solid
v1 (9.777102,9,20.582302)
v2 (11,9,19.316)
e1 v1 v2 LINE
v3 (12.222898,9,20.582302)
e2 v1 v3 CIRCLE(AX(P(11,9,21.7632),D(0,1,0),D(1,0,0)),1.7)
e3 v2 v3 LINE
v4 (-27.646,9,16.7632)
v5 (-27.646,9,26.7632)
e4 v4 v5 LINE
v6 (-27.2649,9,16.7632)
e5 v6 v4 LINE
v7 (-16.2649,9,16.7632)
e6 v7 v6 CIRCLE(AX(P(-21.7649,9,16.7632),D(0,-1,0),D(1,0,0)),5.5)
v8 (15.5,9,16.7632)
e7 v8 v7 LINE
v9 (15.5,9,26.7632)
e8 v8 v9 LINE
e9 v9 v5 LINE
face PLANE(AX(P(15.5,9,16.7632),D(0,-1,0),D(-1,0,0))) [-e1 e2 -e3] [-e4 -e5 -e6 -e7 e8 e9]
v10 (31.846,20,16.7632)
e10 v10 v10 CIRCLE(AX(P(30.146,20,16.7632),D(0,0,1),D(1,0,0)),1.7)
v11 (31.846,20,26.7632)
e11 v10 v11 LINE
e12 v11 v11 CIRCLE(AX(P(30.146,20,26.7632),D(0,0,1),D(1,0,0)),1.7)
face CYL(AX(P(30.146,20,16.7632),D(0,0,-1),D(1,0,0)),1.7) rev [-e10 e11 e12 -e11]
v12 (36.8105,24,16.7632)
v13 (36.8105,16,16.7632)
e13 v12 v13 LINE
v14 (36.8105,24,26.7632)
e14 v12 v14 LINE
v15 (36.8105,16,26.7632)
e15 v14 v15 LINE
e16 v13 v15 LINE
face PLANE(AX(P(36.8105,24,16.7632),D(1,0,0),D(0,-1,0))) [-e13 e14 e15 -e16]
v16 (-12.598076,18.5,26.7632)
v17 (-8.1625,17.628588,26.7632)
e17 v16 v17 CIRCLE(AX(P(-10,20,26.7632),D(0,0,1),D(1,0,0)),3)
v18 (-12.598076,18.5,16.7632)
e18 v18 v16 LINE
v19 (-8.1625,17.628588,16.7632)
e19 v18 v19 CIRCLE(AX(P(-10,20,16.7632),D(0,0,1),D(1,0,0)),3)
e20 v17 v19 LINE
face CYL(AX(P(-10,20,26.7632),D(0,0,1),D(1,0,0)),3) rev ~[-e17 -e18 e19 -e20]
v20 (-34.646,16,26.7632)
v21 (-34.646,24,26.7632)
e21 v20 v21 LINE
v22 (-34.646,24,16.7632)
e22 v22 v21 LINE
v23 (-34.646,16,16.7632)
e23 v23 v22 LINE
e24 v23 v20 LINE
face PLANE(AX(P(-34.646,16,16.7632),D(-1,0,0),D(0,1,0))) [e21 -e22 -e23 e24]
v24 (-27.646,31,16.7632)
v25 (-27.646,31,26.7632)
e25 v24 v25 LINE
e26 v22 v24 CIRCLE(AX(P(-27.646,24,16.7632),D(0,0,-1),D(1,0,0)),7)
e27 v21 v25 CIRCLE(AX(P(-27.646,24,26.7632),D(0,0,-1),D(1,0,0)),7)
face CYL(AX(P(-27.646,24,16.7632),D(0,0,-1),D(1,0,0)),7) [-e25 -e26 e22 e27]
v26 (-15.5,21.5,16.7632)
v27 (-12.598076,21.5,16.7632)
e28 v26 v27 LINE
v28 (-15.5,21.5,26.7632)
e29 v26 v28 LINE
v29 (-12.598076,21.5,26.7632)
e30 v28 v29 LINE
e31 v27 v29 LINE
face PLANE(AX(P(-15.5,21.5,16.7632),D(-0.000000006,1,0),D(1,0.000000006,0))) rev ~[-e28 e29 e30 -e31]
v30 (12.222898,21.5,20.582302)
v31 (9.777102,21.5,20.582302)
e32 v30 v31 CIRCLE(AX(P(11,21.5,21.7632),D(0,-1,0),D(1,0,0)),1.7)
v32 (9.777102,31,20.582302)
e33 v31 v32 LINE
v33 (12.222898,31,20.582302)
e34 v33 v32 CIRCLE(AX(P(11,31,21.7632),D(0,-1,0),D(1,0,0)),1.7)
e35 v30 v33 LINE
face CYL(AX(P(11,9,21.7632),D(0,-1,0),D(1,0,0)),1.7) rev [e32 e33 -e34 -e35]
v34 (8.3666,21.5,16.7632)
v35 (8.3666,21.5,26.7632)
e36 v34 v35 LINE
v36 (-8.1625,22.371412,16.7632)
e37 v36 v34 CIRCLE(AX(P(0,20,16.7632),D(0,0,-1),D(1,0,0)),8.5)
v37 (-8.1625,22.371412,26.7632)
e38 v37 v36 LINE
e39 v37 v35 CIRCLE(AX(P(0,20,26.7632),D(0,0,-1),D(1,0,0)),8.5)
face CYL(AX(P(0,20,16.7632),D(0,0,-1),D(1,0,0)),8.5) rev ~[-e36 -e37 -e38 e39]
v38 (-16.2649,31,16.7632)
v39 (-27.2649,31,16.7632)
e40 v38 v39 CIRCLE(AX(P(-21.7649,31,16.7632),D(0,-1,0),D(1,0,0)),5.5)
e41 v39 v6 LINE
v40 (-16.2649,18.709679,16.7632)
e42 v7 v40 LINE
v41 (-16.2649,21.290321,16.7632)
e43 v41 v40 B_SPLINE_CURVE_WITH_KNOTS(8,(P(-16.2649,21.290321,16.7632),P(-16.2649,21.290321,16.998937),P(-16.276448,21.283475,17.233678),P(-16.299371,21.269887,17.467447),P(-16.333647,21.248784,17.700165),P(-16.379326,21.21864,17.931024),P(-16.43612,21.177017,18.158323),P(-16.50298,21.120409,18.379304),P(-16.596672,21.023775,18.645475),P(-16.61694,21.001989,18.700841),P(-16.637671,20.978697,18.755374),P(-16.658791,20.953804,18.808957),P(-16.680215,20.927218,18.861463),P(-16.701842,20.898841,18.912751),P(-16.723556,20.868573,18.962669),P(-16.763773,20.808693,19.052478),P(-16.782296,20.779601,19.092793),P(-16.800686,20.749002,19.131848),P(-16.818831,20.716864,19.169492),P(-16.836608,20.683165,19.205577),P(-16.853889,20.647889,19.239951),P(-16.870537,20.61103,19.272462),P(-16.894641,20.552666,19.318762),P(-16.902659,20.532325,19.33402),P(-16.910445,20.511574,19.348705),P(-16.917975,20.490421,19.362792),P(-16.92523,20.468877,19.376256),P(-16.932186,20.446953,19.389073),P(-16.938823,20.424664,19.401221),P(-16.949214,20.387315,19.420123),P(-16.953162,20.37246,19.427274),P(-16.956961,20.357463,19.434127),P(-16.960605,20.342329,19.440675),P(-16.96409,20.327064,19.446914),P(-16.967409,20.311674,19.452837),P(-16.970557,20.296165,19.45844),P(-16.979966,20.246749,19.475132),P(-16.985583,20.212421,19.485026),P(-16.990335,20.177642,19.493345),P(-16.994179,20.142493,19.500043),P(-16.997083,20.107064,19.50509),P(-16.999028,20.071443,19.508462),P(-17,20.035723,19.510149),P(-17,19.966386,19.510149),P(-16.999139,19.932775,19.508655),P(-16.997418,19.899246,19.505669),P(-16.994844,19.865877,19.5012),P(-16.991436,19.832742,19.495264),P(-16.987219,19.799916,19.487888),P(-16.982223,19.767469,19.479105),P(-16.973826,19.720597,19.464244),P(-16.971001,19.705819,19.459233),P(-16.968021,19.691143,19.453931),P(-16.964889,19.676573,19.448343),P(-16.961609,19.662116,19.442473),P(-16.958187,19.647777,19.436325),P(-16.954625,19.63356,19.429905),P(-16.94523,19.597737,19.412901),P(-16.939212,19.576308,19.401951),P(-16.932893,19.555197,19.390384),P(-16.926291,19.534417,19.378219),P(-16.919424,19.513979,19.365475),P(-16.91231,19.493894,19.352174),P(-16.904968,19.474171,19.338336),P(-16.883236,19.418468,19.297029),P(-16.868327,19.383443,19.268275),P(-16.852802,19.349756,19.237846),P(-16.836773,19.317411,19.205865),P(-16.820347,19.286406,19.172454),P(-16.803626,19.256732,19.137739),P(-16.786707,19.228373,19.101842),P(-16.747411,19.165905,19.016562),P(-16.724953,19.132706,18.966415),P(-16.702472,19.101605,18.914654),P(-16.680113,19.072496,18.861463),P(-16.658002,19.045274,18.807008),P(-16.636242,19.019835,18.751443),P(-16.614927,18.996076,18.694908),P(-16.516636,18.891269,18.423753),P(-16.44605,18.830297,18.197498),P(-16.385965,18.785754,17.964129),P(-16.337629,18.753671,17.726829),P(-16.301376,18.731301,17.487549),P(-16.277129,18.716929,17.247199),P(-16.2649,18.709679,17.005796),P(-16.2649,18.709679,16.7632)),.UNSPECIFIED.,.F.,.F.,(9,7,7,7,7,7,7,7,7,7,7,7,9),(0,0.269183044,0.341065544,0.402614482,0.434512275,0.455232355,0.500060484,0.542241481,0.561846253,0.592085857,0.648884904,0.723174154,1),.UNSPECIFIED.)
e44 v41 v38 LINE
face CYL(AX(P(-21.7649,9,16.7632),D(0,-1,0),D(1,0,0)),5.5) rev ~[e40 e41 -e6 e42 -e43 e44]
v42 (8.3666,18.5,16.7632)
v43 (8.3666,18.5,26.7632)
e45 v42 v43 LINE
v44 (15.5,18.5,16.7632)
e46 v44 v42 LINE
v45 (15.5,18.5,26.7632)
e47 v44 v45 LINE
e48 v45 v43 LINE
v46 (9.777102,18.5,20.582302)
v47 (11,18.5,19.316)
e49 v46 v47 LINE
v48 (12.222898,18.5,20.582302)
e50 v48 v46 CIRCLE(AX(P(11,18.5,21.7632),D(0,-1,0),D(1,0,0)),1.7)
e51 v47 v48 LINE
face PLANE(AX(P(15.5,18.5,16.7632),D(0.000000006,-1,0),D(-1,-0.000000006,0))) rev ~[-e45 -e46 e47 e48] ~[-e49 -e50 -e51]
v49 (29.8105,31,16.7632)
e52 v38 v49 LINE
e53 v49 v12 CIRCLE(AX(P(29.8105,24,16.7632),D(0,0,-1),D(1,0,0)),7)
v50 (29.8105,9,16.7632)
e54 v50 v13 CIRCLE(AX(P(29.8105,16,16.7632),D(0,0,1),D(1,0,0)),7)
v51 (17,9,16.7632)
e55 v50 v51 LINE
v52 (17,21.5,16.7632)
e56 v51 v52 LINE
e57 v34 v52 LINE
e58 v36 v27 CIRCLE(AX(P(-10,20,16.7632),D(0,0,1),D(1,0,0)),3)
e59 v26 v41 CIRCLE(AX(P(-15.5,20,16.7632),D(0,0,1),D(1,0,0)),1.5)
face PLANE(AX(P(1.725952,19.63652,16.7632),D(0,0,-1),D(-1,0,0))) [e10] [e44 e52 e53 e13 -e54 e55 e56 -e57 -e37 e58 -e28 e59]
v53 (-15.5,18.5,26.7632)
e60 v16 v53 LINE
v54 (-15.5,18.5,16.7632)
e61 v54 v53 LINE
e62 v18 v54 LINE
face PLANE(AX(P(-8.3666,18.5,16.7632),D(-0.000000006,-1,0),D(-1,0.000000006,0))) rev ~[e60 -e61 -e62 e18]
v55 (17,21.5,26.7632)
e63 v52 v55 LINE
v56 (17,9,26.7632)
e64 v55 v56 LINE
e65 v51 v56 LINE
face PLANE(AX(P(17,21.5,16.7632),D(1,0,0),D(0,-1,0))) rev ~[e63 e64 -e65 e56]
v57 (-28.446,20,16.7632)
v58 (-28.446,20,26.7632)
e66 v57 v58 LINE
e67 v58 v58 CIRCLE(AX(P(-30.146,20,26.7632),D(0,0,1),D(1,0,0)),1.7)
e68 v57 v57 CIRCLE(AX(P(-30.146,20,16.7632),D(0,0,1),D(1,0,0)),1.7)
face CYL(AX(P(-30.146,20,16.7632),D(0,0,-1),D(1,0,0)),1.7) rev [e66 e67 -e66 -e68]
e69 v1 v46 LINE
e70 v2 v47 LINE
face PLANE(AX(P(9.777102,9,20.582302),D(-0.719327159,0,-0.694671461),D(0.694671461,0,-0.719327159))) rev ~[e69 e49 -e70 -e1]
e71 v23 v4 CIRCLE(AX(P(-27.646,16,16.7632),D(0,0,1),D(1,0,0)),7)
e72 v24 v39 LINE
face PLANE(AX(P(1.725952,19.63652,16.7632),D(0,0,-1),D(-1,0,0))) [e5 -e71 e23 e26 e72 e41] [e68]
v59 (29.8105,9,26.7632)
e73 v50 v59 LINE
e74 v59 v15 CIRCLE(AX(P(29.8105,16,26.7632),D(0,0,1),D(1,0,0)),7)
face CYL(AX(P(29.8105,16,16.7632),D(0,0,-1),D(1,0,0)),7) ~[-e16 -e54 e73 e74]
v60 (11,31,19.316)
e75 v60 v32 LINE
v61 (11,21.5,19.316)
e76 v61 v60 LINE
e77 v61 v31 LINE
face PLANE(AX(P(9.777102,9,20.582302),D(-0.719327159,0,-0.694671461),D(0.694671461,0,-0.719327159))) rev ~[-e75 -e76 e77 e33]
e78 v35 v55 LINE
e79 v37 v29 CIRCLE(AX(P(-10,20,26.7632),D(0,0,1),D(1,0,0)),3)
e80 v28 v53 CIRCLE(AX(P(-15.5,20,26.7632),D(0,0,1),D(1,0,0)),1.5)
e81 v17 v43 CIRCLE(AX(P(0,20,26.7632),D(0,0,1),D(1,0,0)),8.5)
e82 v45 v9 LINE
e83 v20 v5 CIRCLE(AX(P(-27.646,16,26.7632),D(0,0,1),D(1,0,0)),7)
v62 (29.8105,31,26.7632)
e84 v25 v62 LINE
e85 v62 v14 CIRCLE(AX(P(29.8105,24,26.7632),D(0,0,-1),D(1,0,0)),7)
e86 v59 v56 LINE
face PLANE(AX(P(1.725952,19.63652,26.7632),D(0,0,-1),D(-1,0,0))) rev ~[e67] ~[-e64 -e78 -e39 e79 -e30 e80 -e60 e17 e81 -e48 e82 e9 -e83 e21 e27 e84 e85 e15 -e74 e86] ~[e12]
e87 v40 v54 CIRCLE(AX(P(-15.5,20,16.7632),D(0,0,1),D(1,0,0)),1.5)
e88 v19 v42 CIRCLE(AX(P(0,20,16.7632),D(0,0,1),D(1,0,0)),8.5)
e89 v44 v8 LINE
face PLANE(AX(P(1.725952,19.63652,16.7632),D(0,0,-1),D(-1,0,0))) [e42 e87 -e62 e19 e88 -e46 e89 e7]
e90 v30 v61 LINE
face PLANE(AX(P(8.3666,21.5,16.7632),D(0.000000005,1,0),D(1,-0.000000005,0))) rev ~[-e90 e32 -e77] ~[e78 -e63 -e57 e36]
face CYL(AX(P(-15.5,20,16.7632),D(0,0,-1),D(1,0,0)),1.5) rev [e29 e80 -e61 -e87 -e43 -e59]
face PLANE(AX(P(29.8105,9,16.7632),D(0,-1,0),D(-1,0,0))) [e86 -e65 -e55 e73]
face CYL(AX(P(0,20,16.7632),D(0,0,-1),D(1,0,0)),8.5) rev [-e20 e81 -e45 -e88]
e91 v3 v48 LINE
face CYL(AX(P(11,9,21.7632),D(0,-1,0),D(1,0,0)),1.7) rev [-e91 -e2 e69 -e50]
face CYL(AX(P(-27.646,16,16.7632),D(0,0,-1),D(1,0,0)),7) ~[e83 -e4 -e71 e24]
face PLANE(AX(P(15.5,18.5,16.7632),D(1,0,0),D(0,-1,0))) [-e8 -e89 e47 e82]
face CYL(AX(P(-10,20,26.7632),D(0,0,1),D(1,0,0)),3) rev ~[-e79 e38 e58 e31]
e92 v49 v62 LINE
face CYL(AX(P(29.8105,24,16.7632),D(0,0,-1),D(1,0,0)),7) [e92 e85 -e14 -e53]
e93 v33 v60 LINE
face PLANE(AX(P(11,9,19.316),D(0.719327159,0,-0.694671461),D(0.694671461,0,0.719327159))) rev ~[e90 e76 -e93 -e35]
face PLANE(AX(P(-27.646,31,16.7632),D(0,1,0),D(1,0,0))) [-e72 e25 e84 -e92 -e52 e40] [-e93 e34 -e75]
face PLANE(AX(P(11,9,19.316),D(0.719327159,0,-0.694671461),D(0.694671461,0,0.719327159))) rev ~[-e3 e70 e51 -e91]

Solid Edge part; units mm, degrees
sketch "Sketch1" plane through (0, 0, 16.7632) normal (0, 0, 1) x (1, 0, 0)
  circle A0 centre (-30.146, 20) radius 1.7
  circle A1 centre (30.146, 20) radius 1.7
  line L0 (-27.646, 31) -> (29.8105, 31)
  arc A2 (29.8105, 31) -> (36.8105, 24) centre (29.8105, 24) cw
  line L1 (36.8105, 24) -> (36.8105, 16)
  arc A3 (29.8105, 9) -> (36.8105, 16) centre (29.8105, 16) ccw
  line L2 (29.8105, 9) -> (17, 9)
  line L3 (17, 18.5) -> (17, 9)
  line L4 (17, 21.5) -> (17, 18.5)
  line L5 (8.3666, 21.5) -> (17, 21.5)
  arc A4 (-8.3666, 21.5) -> (8.3666, 21.5) centre (0, 20) cw
  line L6 (-15.5, 21.5) -> (-8.3666, 21.5)
  line L7 (-8.3666, 18.5) -> (-15.5, 18.5)
  line L8 (15.5, 18.5) -> (8.3666, 18.5)
  line L9 (15.5, 18.5) -> (15.5, 9)
  line L10 (15.5, 9) -> (-27.646, 9)
  arc A5 (-34.646, 16) -> (-27.646, 9) centre (-27.646, 16) ccw
  line L11 (-34.646, 16) -> (-34.646, 24)
  arc A6 (-34.646, 24) -> (-27.646, 31) centre (-27.646, 24) cw
  arc A7 (-15.5, 21.5) -> (-15.5, 18.5) centre (-15.5, 20) ccw
  arc A8 (-8.3666, 18.5) -> (8.3666, 18.5) centre (0, 20) ccw
extrude "ExtrudedProtrusion_1" add sketch "Sketch1" along normal blind 10
sketch "Sketch2" plane through (-6.073, 9, 21.7632) normal (0, -1, 0) x (1, 0, 0)
  circle A0 centre (-15.6919, -5) radius 5.5
  dimension "D1" = 11
extrude "Cutout1" cut sketch "Sketch2" against normal up to next
sketch "Sketch3" plane through (-6.073, 9, 21.7632) normal (0, -1, 0) x (1, 0, 0)
  line L0 (15.8501, -1.1809) -> (17.073, -2.4472)
  line L1 (17.073, -2.4472) -> (18.2959, -1.1809)
  arc A0 (15.8501, -1.1809) -> (18.2959, -1.1809) centre (17.073, 0) cw
extrude "Cutout2" cut sketch "Sketch3" against normal through all
sketch "Sketch4" plane through (1.0823, 20, 26.7632) normal (0, 0, 1) x (1, 0, 0)
  circle A0 centre (-11.0823, 0) radius 3
  dimension "D1" = 10
  dimension "D2" = 6
extrude "Cutout3" cut sketch "Sketch4" against normal through all
